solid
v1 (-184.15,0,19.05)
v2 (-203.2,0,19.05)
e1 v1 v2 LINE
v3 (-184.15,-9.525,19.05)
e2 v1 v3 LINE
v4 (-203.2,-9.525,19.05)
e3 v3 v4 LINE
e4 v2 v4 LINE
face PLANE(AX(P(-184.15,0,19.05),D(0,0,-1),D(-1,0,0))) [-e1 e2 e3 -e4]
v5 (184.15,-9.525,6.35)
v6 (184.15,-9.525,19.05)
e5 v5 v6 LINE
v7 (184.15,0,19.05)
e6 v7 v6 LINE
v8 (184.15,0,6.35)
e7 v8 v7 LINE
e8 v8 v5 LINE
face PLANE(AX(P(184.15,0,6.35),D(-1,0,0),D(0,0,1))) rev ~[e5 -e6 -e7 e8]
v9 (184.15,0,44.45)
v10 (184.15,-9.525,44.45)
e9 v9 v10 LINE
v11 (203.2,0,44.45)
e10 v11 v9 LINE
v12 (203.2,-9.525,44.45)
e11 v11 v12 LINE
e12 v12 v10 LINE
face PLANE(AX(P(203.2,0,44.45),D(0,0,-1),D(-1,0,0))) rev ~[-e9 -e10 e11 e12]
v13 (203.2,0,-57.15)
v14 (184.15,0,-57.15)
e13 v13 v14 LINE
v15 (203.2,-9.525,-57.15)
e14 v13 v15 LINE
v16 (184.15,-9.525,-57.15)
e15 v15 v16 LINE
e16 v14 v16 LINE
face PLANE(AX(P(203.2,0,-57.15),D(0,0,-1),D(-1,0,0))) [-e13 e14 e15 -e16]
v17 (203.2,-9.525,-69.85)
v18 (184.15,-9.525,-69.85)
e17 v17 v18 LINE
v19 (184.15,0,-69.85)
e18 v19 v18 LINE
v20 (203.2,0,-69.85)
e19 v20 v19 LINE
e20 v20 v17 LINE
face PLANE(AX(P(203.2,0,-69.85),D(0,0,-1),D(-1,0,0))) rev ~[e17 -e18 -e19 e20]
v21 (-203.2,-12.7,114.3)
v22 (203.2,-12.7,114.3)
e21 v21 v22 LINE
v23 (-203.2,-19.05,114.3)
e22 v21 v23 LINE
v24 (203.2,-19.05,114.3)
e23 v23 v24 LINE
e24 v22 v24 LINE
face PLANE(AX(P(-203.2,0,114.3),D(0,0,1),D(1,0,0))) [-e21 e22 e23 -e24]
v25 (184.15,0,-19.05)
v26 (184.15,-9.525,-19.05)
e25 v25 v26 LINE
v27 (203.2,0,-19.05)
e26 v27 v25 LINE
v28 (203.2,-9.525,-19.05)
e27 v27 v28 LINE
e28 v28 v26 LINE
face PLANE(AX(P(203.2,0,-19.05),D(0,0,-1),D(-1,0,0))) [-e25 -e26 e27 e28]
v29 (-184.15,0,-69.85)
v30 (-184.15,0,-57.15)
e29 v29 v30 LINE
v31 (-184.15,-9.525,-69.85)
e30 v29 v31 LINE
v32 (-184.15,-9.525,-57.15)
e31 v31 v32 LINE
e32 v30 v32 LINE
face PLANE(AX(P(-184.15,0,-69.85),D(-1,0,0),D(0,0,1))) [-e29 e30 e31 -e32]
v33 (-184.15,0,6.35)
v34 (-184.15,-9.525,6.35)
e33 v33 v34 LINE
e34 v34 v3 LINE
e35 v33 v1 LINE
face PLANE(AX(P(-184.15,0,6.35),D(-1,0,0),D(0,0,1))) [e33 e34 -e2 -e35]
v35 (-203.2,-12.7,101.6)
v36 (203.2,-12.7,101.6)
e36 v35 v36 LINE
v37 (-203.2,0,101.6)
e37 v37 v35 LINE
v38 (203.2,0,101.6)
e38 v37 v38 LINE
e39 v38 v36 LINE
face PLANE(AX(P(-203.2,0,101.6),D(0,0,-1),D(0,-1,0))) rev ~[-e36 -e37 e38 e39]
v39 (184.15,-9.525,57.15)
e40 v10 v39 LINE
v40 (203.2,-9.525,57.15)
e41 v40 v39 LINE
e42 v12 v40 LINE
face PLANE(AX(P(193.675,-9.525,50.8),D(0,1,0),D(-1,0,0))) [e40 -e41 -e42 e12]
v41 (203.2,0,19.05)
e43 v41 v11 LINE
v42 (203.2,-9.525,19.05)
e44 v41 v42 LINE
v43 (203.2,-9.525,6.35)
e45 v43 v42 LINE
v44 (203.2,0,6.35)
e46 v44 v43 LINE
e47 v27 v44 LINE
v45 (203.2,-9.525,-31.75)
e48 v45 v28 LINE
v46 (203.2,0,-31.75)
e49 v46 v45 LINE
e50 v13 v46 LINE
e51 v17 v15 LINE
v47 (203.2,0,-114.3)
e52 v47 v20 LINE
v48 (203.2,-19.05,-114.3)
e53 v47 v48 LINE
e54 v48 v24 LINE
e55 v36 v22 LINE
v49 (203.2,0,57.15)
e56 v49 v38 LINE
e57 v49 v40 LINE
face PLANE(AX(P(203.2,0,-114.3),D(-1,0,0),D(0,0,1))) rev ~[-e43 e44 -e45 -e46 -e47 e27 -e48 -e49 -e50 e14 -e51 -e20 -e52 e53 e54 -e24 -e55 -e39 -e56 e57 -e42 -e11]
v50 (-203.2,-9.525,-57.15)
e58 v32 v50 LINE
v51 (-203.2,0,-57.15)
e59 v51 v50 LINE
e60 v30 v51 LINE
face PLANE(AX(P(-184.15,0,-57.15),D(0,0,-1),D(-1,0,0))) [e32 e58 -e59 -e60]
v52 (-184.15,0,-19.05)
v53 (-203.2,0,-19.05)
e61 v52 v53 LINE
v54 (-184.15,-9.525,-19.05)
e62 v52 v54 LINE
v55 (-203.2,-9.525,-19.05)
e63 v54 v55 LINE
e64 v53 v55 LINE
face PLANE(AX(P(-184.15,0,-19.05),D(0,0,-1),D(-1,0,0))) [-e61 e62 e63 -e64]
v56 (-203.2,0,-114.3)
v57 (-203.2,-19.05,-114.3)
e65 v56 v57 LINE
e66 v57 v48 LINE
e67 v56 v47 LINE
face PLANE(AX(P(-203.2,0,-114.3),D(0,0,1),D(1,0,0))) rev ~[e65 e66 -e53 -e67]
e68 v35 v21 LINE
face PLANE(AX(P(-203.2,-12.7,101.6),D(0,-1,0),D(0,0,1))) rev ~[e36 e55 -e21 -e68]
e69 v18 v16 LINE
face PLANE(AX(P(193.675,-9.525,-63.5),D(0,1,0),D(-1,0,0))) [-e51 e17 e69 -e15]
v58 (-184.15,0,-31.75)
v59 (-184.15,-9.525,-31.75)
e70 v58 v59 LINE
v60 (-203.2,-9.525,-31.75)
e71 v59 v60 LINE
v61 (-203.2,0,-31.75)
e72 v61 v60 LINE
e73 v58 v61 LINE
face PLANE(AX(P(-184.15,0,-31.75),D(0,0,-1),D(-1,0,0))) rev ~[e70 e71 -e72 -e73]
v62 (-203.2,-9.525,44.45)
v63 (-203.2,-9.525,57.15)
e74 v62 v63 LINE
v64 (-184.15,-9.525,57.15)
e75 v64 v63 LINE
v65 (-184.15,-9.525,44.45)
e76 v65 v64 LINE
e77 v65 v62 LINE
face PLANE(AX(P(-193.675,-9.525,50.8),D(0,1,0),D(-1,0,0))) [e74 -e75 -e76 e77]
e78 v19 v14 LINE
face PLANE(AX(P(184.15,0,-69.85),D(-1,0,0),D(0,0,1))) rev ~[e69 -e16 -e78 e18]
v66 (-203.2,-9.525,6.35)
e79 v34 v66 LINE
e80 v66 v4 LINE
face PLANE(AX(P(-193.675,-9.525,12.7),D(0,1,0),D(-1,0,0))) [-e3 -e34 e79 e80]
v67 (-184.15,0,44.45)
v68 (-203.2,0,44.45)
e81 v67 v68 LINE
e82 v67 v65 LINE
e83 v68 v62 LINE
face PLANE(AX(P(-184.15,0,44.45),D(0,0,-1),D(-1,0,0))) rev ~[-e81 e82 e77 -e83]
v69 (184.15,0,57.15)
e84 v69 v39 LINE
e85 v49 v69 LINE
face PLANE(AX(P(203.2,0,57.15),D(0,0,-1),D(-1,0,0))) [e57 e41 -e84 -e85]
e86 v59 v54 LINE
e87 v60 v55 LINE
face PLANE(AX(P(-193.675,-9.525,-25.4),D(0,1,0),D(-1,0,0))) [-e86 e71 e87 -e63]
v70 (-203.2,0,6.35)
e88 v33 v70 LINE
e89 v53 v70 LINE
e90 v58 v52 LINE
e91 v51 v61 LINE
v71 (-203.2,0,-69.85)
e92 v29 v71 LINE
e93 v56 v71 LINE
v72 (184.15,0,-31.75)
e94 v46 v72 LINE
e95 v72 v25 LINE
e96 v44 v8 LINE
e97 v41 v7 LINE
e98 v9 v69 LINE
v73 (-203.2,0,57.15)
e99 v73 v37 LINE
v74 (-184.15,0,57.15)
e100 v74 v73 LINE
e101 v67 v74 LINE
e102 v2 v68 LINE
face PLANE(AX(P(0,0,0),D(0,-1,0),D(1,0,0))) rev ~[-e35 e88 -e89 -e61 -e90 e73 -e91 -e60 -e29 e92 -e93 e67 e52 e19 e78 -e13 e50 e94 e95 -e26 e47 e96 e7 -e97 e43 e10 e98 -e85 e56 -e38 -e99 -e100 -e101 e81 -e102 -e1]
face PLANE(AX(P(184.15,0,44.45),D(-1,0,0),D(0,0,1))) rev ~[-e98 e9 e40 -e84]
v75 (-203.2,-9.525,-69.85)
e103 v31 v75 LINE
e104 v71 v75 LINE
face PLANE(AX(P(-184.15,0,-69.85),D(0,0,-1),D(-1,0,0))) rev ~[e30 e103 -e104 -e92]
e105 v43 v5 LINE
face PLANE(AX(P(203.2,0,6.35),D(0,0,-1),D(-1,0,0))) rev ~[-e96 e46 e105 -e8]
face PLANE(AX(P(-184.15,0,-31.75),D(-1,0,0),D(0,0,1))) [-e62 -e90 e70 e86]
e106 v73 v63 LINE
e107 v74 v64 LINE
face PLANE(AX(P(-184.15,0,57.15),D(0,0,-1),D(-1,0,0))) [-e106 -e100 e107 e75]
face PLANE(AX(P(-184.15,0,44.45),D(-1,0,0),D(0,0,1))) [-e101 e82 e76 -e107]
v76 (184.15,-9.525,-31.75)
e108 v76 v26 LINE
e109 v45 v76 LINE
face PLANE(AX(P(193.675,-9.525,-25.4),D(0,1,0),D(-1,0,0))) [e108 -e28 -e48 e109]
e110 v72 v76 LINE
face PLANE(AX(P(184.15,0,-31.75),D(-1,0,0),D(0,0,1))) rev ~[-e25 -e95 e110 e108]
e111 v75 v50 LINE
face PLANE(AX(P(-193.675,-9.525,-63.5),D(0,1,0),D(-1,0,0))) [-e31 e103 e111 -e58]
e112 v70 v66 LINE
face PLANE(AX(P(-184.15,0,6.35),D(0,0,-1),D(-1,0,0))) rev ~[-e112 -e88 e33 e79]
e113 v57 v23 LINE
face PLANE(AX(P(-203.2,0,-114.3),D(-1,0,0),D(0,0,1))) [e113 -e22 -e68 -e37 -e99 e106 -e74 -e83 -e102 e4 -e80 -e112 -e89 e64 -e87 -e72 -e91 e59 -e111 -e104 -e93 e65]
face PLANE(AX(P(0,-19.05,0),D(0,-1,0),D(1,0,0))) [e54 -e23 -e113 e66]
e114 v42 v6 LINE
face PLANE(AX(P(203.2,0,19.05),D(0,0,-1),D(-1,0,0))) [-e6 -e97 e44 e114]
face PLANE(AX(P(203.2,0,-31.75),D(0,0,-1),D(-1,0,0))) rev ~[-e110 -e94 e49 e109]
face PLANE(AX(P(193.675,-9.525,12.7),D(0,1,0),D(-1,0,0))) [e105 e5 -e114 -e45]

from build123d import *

# Parameters (mm, degrees)
F0_W     = 406.4
F0_H     = 228.6
F1_DEPTH = 19.05
F2_W     = 12.7
F2_H     = 12.7
F3_DEPTH = 406.4
F4_W     = 19.05
F4_H     = 12.7
F5_DEPTH = 9.525


with BuildPart() as f1:
    # F0 (on Front) → F1 (new body)
    with BuildSketch(Plane.XZ):
        Rectangle(F0_W, F0_H)
    extrude(amount=F1_DEPTH)

    # F2 (on face) → F3 (cut, through all)
    with BuildSketch(Plane(origin=(-203.2, 0, 0), x_dir=(0, -1, 0), z_dir=(-1, 0, 0))):
        with Locations((6.35, 107.95)):
            Rectangle(F2_W, F2_H)
    extrude(amount=-F3_DEPTH, mode=Mode.SUBTRACT)

    # F4 (on face) → F5 (cut)
    with BuildSketch(Plane(origin=(0, 0, 0), x_dir=(-1, 0, 0), z_dir=(0, 1, 0))):
        with Locations((-193.675, 50.8)):
            Rectangle(F4_W, F4_H)
        with Locations((-193.675, 12.7)):
            Rectangle(F4_W, F4_H)
        with Locations((-193.675, -25.4)):
            Rectangle(F4_W, F4_H)
        with Locations((-193.675, -63.5)):
            Rectangle(F4_W, F4_H)
        with Locations((193.675, 50.8)):
            Rectangle(F4_W, F4_H)
        with Locations((193.675, 12.7)):
            Rectangle(F4_W, F4_H)
        with Locations((193.675, -25.4)):
            Rectangle(F4_W, F4_H)
        with Locations((193.675, -63.5)):
            Rectangle(F4_W, F4_H)
    extrude(amount=-F5_DEPTH, mode=Mode.SUBTRACT)


solid = f1.part
